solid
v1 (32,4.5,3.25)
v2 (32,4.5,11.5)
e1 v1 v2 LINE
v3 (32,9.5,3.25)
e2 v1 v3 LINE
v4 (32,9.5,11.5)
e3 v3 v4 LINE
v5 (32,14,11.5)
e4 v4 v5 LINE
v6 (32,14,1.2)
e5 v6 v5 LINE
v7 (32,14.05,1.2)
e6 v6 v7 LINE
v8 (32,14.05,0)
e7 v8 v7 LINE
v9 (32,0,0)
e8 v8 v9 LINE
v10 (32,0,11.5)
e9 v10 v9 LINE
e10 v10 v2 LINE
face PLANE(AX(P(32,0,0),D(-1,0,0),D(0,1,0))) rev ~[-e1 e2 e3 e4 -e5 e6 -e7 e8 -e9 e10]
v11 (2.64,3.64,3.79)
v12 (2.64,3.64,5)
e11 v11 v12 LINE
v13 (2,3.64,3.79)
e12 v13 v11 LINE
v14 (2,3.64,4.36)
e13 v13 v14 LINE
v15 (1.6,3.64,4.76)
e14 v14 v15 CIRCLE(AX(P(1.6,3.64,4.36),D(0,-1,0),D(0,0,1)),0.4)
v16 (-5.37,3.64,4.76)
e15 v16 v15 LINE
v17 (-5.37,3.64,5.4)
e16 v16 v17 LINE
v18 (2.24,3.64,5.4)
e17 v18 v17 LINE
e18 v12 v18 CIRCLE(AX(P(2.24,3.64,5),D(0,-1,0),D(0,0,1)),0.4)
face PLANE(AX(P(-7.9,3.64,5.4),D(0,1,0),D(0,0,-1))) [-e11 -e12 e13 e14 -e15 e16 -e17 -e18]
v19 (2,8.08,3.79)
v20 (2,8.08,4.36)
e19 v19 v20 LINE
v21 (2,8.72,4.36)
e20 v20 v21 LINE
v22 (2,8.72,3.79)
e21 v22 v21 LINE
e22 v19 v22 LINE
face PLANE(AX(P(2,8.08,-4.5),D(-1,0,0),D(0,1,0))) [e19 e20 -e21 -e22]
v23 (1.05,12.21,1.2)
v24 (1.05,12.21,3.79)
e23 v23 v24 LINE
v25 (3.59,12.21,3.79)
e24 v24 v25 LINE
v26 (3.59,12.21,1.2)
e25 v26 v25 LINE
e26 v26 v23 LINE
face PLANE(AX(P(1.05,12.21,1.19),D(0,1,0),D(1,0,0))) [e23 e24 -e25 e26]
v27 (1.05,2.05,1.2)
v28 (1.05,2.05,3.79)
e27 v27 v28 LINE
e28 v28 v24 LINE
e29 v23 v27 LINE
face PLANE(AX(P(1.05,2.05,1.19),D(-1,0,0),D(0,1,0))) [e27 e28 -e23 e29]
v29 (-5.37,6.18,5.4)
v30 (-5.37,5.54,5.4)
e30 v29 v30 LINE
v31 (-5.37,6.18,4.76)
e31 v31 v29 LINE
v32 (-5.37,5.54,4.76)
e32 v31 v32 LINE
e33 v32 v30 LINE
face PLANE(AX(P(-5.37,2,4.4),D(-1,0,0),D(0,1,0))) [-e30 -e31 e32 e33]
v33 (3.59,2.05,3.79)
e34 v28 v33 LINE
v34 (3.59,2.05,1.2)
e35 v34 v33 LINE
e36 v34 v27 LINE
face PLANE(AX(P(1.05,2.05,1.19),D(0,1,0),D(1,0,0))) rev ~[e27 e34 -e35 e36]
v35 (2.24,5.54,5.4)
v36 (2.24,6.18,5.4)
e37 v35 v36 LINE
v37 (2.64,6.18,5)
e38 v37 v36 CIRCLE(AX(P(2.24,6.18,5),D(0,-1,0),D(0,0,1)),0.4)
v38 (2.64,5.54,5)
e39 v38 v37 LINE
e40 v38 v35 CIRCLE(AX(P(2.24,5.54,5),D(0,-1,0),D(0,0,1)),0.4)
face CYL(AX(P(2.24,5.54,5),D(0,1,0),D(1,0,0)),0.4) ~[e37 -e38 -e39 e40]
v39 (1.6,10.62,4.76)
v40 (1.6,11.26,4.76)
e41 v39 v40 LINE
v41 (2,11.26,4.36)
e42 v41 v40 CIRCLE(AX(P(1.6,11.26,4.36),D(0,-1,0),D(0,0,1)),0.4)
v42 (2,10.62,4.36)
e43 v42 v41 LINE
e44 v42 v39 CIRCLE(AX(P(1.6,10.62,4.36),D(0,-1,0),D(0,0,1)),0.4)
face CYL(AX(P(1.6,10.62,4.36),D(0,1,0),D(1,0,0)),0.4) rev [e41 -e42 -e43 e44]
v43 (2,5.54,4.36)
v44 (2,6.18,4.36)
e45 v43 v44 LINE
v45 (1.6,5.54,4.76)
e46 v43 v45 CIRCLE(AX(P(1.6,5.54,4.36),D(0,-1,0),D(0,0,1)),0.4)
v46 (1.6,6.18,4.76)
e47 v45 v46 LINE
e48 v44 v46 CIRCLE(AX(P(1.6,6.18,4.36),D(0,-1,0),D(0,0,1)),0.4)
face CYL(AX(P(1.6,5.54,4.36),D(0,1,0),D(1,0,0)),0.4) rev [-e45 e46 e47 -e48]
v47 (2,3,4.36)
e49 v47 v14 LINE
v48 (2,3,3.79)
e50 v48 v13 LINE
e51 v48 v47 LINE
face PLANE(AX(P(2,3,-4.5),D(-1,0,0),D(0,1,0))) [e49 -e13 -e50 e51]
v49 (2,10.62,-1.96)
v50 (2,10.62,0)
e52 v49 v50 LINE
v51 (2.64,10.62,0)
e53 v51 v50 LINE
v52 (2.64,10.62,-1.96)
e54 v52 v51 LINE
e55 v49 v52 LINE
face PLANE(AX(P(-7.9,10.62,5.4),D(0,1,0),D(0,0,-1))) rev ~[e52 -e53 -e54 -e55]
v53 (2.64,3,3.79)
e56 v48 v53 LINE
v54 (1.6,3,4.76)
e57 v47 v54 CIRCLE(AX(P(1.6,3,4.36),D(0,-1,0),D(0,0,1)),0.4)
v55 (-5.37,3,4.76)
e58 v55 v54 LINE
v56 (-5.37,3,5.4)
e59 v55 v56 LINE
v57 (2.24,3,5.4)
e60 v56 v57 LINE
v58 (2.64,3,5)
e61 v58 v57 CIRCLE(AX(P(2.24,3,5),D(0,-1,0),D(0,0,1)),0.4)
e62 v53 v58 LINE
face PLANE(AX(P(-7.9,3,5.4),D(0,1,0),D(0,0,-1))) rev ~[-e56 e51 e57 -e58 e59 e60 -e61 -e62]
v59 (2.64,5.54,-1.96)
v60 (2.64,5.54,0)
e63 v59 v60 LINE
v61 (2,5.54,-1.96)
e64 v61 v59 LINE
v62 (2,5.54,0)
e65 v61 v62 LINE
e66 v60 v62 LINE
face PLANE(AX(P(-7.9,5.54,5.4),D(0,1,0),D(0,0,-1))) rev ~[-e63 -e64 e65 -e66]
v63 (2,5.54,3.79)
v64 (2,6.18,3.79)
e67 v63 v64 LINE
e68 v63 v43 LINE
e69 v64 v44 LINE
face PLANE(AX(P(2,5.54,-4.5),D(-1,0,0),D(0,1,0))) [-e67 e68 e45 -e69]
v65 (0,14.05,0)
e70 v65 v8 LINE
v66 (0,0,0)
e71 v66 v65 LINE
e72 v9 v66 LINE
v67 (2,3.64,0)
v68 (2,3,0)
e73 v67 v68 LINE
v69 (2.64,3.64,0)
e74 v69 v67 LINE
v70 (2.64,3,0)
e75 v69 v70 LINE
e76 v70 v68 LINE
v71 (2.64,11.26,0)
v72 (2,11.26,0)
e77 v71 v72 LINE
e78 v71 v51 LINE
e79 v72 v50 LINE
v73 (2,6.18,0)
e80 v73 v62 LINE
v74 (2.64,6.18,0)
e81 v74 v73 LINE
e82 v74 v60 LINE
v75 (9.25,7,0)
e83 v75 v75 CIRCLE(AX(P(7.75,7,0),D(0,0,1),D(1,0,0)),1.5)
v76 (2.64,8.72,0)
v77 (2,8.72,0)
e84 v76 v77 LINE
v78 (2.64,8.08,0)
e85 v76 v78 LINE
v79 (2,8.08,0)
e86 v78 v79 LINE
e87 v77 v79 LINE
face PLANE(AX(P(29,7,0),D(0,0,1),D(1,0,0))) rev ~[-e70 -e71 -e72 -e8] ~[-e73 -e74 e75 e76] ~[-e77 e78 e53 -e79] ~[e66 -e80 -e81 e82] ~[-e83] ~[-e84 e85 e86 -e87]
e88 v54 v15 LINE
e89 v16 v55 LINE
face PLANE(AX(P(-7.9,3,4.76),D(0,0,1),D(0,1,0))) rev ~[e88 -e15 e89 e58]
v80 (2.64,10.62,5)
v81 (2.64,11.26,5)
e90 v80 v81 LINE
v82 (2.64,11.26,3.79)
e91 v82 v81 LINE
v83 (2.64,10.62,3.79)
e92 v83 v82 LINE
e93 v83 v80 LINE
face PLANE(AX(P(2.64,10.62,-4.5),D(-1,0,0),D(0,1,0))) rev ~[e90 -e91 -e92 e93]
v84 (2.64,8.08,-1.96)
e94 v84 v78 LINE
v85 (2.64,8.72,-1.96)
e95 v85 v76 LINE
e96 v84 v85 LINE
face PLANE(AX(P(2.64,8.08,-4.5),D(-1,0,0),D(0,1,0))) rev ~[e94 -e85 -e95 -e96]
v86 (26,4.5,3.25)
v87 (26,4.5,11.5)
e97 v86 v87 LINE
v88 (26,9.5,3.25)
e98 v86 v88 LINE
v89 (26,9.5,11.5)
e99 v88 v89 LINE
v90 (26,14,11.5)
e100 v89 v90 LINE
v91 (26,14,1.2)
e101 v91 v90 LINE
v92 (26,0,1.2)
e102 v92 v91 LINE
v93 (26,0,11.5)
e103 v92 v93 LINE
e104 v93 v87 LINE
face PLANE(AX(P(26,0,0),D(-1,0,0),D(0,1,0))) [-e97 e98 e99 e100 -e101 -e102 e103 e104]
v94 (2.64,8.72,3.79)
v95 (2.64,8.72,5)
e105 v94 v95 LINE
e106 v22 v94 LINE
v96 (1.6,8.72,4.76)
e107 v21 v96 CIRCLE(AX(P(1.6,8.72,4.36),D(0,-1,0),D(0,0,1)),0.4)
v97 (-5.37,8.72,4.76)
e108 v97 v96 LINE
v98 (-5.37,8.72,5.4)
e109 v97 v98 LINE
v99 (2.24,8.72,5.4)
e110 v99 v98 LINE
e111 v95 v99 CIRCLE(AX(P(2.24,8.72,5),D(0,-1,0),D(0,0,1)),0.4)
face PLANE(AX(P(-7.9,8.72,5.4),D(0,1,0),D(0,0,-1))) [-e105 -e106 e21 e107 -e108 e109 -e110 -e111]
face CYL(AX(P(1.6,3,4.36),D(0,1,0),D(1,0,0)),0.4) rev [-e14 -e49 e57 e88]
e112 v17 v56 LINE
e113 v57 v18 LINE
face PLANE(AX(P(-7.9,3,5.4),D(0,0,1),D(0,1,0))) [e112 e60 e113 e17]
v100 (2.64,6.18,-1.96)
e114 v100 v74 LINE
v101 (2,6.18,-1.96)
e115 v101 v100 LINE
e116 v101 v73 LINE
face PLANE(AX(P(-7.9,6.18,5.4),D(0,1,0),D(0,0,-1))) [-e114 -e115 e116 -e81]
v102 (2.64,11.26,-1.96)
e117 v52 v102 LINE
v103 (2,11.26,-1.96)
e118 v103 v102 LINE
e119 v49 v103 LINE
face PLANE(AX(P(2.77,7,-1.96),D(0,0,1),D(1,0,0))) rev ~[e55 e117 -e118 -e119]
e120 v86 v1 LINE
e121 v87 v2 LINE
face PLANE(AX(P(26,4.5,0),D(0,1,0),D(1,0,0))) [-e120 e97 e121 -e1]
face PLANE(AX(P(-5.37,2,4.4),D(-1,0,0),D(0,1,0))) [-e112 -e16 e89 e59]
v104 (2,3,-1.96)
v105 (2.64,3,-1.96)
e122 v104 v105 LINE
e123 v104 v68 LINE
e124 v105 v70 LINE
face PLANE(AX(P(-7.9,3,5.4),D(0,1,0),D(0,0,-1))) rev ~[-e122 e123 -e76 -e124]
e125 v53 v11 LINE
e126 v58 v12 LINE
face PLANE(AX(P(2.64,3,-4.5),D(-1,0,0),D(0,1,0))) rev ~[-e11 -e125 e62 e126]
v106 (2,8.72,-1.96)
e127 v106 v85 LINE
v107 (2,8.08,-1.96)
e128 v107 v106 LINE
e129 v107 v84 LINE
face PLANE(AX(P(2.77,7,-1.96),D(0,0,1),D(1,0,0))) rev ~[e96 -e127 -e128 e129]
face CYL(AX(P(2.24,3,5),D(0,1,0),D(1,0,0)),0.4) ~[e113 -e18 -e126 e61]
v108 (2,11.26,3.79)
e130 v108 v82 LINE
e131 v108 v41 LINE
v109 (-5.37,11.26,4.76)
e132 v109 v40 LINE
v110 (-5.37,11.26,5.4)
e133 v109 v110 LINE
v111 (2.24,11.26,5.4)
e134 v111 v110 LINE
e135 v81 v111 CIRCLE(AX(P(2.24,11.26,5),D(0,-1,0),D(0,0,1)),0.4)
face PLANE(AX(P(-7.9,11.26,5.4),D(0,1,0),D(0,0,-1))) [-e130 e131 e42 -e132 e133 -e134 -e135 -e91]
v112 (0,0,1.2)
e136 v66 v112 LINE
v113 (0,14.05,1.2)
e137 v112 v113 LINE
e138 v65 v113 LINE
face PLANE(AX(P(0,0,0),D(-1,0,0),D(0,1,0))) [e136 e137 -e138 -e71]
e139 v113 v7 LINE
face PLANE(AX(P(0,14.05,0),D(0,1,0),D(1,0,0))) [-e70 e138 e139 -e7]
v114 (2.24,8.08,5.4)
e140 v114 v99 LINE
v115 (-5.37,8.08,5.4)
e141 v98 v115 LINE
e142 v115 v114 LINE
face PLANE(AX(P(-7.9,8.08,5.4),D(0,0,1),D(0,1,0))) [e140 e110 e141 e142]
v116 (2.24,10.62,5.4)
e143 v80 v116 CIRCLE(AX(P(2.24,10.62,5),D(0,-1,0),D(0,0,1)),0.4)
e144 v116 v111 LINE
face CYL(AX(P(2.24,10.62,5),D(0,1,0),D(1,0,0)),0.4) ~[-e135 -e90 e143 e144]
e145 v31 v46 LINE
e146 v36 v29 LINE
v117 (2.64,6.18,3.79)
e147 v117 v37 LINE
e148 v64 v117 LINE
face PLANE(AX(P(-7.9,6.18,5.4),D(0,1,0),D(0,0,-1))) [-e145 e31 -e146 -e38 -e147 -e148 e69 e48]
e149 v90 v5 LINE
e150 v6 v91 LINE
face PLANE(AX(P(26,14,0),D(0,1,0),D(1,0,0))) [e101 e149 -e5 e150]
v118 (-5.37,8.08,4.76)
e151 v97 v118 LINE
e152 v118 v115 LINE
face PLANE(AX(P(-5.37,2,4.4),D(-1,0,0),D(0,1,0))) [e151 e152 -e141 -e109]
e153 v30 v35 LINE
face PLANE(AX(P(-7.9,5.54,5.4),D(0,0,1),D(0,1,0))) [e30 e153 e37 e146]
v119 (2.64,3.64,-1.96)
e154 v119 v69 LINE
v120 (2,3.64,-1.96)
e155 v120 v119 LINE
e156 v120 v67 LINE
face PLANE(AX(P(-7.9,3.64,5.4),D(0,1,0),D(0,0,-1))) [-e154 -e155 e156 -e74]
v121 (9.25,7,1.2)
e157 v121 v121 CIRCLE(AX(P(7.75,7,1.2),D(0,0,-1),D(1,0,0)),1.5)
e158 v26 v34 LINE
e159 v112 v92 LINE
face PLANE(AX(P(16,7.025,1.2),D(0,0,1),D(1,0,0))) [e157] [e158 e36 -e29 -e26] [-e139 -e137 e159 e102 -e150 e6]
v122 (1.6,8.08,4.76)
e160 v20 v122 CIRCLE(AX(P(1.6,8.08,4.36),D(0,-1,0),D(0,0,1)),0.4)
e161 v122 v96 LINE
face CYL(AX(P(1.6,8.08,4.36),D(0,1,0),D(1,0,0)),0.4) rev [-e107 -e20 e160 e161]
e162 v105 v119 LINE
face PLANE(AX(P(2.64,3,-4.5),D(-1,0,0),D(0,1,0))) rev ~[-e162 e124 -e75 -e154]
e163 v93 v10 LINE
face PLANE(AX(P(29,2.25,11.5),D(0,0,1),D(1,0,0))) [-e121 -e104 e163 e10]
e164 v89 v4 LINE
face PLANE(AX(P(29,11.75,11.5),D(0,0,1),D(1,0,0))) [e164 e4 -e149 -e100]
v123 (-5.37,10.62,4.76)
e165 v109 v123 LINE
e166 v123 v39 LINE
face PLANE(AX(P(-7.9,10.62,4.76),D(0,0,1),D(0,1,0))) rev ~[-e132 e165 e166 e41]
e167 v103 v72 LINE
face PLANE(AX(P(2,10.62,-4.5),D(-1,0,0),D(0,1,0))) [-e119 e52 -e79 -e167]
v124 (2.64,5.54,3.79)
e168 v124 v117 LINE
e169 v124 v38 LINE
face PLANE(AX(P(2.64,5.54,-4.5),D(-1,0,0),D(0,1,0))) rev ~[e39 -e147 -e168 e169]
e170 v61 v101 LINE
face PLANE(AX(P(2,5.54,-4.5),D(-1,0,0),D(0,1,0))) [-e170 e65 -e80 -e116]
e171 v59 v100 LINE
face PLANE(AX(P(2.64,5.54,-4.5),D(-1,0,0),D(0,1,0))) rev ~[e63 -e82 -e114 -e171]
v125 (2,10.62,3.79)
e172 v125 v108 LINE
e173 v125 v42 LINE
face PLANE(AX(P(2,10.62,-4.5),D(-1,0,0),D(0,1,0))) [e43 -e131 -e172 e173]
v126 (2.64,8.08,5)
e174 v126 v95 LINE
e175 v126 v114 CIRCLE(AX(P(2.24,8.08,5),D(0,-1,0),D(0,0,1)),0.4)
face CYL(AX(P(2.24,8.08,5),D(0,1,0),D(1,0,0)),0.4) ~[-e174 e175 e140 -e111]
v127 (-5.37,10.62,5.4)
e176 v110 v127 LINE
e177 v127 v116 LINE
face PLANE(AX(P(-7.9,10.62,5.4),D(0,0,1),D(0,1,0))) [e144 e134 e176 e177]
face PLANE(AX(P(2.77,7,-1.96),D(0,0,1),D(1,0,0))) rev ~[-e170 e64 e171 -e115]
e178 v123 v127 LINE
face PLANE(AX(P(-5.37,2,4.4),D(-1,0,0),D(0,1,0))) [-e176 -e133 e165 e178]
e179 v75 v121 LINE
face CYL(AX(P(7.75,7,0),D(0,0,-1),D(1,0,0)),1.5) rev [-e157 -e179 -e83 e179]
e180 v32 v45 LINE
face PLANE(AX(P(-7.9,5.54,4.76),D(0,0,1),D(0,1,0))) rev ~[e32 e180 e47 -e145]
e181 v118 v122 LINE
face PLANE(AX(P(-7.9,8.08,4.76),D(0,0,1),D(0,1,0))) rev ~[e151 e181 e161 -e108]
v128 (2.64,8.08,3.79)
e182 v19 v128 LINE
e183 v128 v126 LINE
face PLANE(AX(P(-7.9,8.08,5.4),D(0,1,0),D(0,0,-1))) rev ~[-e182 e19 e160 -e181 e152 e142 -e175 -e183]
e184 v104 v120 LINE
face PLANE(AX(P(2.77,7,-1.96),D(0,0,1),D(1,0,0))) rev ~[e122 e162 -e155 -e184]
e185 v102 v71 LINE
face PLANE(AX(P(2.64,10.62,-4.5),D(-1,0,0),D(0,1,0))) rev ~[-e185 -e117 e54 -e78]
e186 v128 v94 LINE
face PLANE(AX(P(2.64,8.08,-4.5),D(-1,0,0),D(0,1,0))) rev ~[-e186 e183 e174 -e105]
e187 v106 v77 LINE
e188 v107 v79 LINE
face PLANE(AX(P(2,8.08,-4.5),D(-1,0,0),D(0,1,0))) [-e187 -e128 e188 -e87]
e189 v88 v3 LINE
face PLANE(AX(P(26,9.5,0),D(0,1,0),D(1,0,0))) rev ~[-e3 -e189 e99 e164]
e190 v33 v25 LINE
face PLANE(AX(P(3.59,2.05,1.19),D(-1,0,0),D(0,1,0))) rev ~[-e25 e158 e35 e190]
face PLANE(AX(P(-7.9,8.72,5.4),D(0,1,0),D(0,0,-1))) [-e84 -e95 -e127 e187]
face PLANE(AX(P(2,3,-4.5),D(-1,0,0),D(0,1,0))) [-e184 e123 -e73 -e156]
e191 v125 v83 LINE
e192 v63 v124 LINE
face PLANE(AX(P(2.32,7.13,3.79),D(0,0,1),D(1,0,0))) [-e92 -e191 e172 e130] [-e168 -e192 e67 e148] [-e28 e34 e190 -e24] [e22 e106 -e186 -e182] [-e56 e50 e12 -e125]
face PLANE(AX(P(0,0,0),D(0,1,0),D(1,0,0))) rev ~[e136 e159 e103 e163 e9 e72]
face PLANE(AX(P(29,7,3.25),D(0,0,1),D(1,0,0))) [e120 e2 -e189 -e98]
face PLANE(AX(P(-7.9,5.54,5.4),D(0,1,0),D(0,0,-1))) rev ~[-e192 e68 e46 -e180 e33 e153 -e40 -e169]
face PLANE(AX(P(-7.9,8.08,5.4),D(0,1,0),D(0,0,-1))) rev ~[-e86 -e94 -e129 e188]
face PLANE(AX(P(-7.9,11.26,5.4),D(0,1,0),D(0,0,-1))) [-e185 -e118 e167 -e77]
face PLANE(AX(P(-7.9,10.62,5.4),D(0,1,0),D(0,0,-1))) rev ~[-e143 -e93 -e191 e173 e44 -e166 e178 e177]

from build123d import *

# Parameters (mm, degrees)
CYLINDER_R         = 1.5
CYLINDER_DEPTH     = 10
BOX014_W           = 2.54
BOX014_H           = 10
BOX014_DEPTH       = 2.54
BOX013_W           = 2.53
BOX013_H           = 10
BOX013_DEPTH       = 2.53
BOX012_W           = 2.54
BOX012_H           = 10.16
BOX012_DEPTH       = 2.6
BOX011_W           = 0.64
BOX011_H           = 0.64
BOX011_DEPTH       = 9.9
BOX011_PITCH_ANGLE = 90
BOX010_W           = 0.64
BOX010_H           = 0.64
BOX010_DEPTH       = 9.9
BOX009_W           = 0.64
BOX009_H           = 0.64
BOX009_DEPTH       = 9.9
BOX009_PITCH_ANGLE = 90
BOX008_W           = 0.64
BOX008_H           = 0.64
BOX008_DEPTH       = 9.9
BOX007_W           = 0.64
BOX007_H           = 0.64
BOX007_DEPTH       = 9.9
BOX007_PITCH_ANGLE = 90
BOX006_W           = 0.64
BOX006_H           = 0.64
BOX006_DEPTH       = 9.9
BOX005_W           = 0.64
BOX005_H           = 0.64
BOX005_DEPTH       = 9.9
BOX005_PITCH_ANGLE = 90
BOX004_W           = 0.64
BOX004_H           = 0.64
BOX004_DEPTH       = 9.9
FILLET_R           = 0.4
FILLET001_R        = 0.4
FILLET002_R        = 0.4
FILLET003_R        = 0.4
FILLET004_R        = 0.4
FILLET005_R        = 0.4
FILLET006_R        = 0.4
FILLET007_R        = 0.4
BOX003_W           = 6
BOX003_H           = 5
BOX003_DEPTH       = 3.25
BOX002_W           = 6
BOX002_H           = 4.5
BOX002_DEPTH       = 11.5
BOX001_W           = 6
BOX001_H           = 4.5
BOX001_DEPTH       = 11.5
BOX_W              = 32
BOX_H              = 14.05
BOX_DEPTH          = 1.2


with BuildPart() as cylinder:
    # Cylinder → Cylinder (new body)
    with BuildSketch(Plane(origin=(7.75, 7, 0), x_dir=(1, 0, 0), z_dir=(0, 0, 1))):
        Circle(CYLINDER_R)
    extrude(amount=CYLINDER_DEPTH)


with BuildPart() as box014:
    # Box014 → Box014 (new body)
    with BuildSketch(Plane(origin=(-0.5, -1, 0), x_dir=(1, 0, 0), z_dir=(0, 0, 1))):
        with Locations((1.27, 5)):
            Rectangle(BOX014_W, BOX014_H)
    extrude(amount=BOX014_DEPTH)


with BuildPart() as box013:
    # Box013 → Box013 (new body)
    with BuildSketch(Plane(origin=(-9.9, -1, 8.9), x_dir=(1, 0, 0), z_dir=(0, 0, 1))):
        with Locations((1.265, 5)):
            Rectangle(BOX013_W, BOX013_H)
    extrude(amount=BOX013_DEPTH)


with BuildPart() as box012:
    # Box012 → Box012 (new body)
    with BuildSketch(Plane(origin=(-0.95, -0.95, 5.69), x_dir=(1, 0, 0), z_dir=(0, 0, 1))):
        with Locations((1.27, 5.08)):
            Rectangle(BOX012_W, BOX012_H)
    extrude(amount=BOX012_DEPTH)


with BuildPart() as box011:
    # Box011 → Box011 (new body)
    with BuildSketch(Plane.XY):
        with Locations((0.32, 0.32)):
            Rectangle(BOX011_W, BOX011_H)
    extrude(amount=BOX011_DEPTH)


with BuildPart() as box011_1:
    # Box011 pitch: moved
    add(box011.part.rotate(Axis((0, 0, 0), (0, 1, 0)), BOX011_PITCH_ANGLE))


with BuildPart() as box011_2:
    # Box011 placement: moved
    add(box011_1.part.moved(Location((-9.9, 7.62, 9.9))))


with BuildPart() as box010:
    # Box010 → Box010 (new body)
    with BuildSketch(Plane(origin=(0, 7.62, 0), x_dir=(1, 0, 0), z_dir=(0, 0, 1))):
        with Locations((0.32, 0.32)):
            Rectangle(BOX010_W, BOX010_H)
    extrude(amount=BOX010_DEPTH)


with BuildPart() as box009:
    # Box009 → Box009 (new body)
    with BuildSketch(Plane.XY):
        with Locations((0.32, 0.32)):
            Rectangle(BOX009_W, BOX009_H)
    extrude(amount=BOX009_DEPTH)


with BuildPart() as box009_1:
    # Box009 pitch: moved
    add(box009.part.rotate(Axis((0, 0, 0), (0, 1, 0)), BOX009_PITCH_ANGLE))


with BuildPart() as box009_2:
    # Box009 placement: moved
    add(box009_1.part.moved(Location((-9.9, 5.08, 9.9))))


with BuildPart() as box008:
    # Box008 → Box008 (new body)
    with BuildSketch(Plane(origin=(0, 5.08, 0), x_dir=(1, 0, 0), z_dir=(0, 0, 1))):
        with Locations((0.32, 0.32)):
            Rectangle(BOX008_W, BOX008_H)
    extrude(amount=BOX008_DEPTH)


with BuildPart() as box007:
    # Box007 → Box007 (new body)
    with BuildSketch(Plane.XY):
        with Locations((0.32, 0.32)):
            Rectangle(BOX007_W, BOX007_H)
    extrude(amount=BOX007_DEPTH)


with BuildPart() as box007_1:
    # Box007 pitch: moved
    add(box007.part.rotate(Axis((0, 0, 0), (0, 1, 0)), BOX007_PITCH_ANGLE))


with BuildPart() as box007_2:
    # Box007 placement: moved
    add(box007_1.part.moved(Location((-9.9, 2.54, 9.9))))


with BuildPart() as box006:
    # Box006 → Box006 (new body)
    with BuildSketch(Plane(origin=(0, 2.54, 0), x_dir=(1, 0, 0), z_dir=(0, 0, 1))):
        with Locations((0.32, 0.32)):
            Rectangle(BOX006_W, BOX006_H)
    extrude(amount=BOX006_DEPTH)


with BuildPart() as box005:
    # Box005 → Box005 (new body)
    with BuildSketch(Plane.XY):
        with Locations((0.32, 0.32)):
            Rectangle(BOX005_W, BOX005_H)
    extrude(amount=BOX005_DEPTH)


with BuildPart() as box005_1:
    # Box005 pitch: moved
    add(box005.part.rotate(Axis((0, 0, 0), (0, 1, 0)), BOX005_PITCH_ANGLE))


with BuildPart() as box005_2:
    # Box005 placement: moved
    add(box005_1.part.moved(Location((-9.9, 0, 9.9))))


with BuildPart() as cut001:
    # Box004 → Box004 (new body)
    with BuildSketch(Plane.XY):
        with Locations((0.32, 0.32)):
            Rectangle(BOX004_W, BOX004_H)
    extrude(amount=BOX004_DEPTH)

    # Fusion003: union Box005
    add(box005_2.part)

    # Fusion004: union Box006
    add(box006.part)

    # Fusion005: union Box007
    add(box007_2.part)

    # Fusion006: union Box008
    add(box008.part)

    # Fusion007: union Box009
    add(box009_2.part)

    # Fusion008: union Box010
    add(box010.part)

    # Fusion009: union Box011
    add(box011_2.part)

    # Fusion010: union Box012
    add(box012.part)

    # Fillet
    fillet_edges = [cut001.edges().sort_by_distance(p)[0] for p in [
        (0.64, 0.32, 9.9),
    ]]
    fillet(fillet_edges, radius=FILLET_R)

    # Fillet001
    fillet001_edges = [cut001.edges().sort_by_distance(p)[0] for p in [
        (0.64, 2.86, 9.9),
    ]]
    fillet(fillet001_edges, radius=FILLET001_R)

    # Fillet002
    fillet002_edges = [cut001.edges().sort_by_distance(p)[0] for p in [
        (0.64, 5.4, 9.9),
    ]]
    fillet(fillet002_edges, radius=FILLET002_R)

    # Fillet003
    fillet003_edges = [cut001.edges().sort_by_distance(p)[0] for p in [
        (0.64, 7.94, 9.9),
    ]]
    fillet(fillet003_edges, radius=FILLET003_R)

    # Fillet004
    fillet004_edges = [cut001.edges().sort_by_distance(p)[0] for p in [
        (0, 7.94, 9.26),
    ]]
    fillet(fillet004_edges, radius=FILLET004_R)

    # Fillet005
    fillet005_edges = [cut001.edges().sort_by_distance(p)[0] for p in [
        (0, 5.4, 9.26),
    ]]
    fillet(fillet005_edges, radius=FILLET005_R)

    # Fillet006
    fillet006_edges = [cut001.edges().sort_by_distance(p)[0] for p in [
        (0, 2.86, 9.26),
    ]]
    fillet(fillet006_edges, radius=FILLET006_R)

    # Fillet007
    fillet007_edges = [cut001.edges().sort_by_distance(p)[0] for p in [
        (0, 0.32, 9.26),
    ]]
    fillet(fillet007_edges, radius=FILLET007_R)

    # Cut: cut Box013
    add(box013.part, mode=Mode.SUBTRACT)

    # Cut001: cut Box014
    add(box014.part, mode=Mode.SUBTRACT)


with BuildPart() as cut001_1:
    # Cut001 placement: moved
    add(cut001.part.moved(Location((2, 3, -4.5))))


with BuildPart() as box003:
    # Box003 → Box003 (new body)
    with BuildSketch(Plane(origin=(26, 4.5, 0), x_dir=(1, 0, 0), z_dir=(0, 0, 1))):
        with Locations((3, 2.5)):
            Rectangle(BOX003_W, BOX003_H)
    extrude(amount=BOX003_DEPTH)


with BuildPart() as box002:
    # Box002 → Box002 (new body)
    with BuildSketch(Plane(origin=(26, 0, 0), x_dir=(1, 0, 0), z_dir=(0, 0, 1))):
        with Locations((3, 2.25)):
            Rectangle(BOX002_W, BOX002_H)
    extrude(amount=BOX002_DEPTH)


with BuildPart() as box001:
    # Box001 → Box001 (new body)
    with BuildSketch(Plane(origin=(26, 9.5, 0), x_dir=(1, 0, 0), z_dir=(0, 0, 1))):
        with Locations((3, 2.25)):
            Rectangle(BOX001_W, BOX001_H)
    extrude(amount=BOX001_DEPTH)


with BuildPart() as cut002:
    # Box → Box (new body)
    with BuildSketch(Plane.XY):
        with Locations((16, 7.025)):
            Rectangle(BOX_W, BOX_H)
    extrude(amount=BOX_DEPTH)

    # Fusion: union Box001
    add(box001.part)

    # Fusion001: union Box002
    add(box002.part)

    # Fusion002: union Box003
    add(box003.part)

    # Fusion011: union Cut001
    add(cut001_1.part)

    # Cut002: cut Cylinder
    add(cylinder.part, mode=Mode.SUBTRACT)


solid = cut002.part
